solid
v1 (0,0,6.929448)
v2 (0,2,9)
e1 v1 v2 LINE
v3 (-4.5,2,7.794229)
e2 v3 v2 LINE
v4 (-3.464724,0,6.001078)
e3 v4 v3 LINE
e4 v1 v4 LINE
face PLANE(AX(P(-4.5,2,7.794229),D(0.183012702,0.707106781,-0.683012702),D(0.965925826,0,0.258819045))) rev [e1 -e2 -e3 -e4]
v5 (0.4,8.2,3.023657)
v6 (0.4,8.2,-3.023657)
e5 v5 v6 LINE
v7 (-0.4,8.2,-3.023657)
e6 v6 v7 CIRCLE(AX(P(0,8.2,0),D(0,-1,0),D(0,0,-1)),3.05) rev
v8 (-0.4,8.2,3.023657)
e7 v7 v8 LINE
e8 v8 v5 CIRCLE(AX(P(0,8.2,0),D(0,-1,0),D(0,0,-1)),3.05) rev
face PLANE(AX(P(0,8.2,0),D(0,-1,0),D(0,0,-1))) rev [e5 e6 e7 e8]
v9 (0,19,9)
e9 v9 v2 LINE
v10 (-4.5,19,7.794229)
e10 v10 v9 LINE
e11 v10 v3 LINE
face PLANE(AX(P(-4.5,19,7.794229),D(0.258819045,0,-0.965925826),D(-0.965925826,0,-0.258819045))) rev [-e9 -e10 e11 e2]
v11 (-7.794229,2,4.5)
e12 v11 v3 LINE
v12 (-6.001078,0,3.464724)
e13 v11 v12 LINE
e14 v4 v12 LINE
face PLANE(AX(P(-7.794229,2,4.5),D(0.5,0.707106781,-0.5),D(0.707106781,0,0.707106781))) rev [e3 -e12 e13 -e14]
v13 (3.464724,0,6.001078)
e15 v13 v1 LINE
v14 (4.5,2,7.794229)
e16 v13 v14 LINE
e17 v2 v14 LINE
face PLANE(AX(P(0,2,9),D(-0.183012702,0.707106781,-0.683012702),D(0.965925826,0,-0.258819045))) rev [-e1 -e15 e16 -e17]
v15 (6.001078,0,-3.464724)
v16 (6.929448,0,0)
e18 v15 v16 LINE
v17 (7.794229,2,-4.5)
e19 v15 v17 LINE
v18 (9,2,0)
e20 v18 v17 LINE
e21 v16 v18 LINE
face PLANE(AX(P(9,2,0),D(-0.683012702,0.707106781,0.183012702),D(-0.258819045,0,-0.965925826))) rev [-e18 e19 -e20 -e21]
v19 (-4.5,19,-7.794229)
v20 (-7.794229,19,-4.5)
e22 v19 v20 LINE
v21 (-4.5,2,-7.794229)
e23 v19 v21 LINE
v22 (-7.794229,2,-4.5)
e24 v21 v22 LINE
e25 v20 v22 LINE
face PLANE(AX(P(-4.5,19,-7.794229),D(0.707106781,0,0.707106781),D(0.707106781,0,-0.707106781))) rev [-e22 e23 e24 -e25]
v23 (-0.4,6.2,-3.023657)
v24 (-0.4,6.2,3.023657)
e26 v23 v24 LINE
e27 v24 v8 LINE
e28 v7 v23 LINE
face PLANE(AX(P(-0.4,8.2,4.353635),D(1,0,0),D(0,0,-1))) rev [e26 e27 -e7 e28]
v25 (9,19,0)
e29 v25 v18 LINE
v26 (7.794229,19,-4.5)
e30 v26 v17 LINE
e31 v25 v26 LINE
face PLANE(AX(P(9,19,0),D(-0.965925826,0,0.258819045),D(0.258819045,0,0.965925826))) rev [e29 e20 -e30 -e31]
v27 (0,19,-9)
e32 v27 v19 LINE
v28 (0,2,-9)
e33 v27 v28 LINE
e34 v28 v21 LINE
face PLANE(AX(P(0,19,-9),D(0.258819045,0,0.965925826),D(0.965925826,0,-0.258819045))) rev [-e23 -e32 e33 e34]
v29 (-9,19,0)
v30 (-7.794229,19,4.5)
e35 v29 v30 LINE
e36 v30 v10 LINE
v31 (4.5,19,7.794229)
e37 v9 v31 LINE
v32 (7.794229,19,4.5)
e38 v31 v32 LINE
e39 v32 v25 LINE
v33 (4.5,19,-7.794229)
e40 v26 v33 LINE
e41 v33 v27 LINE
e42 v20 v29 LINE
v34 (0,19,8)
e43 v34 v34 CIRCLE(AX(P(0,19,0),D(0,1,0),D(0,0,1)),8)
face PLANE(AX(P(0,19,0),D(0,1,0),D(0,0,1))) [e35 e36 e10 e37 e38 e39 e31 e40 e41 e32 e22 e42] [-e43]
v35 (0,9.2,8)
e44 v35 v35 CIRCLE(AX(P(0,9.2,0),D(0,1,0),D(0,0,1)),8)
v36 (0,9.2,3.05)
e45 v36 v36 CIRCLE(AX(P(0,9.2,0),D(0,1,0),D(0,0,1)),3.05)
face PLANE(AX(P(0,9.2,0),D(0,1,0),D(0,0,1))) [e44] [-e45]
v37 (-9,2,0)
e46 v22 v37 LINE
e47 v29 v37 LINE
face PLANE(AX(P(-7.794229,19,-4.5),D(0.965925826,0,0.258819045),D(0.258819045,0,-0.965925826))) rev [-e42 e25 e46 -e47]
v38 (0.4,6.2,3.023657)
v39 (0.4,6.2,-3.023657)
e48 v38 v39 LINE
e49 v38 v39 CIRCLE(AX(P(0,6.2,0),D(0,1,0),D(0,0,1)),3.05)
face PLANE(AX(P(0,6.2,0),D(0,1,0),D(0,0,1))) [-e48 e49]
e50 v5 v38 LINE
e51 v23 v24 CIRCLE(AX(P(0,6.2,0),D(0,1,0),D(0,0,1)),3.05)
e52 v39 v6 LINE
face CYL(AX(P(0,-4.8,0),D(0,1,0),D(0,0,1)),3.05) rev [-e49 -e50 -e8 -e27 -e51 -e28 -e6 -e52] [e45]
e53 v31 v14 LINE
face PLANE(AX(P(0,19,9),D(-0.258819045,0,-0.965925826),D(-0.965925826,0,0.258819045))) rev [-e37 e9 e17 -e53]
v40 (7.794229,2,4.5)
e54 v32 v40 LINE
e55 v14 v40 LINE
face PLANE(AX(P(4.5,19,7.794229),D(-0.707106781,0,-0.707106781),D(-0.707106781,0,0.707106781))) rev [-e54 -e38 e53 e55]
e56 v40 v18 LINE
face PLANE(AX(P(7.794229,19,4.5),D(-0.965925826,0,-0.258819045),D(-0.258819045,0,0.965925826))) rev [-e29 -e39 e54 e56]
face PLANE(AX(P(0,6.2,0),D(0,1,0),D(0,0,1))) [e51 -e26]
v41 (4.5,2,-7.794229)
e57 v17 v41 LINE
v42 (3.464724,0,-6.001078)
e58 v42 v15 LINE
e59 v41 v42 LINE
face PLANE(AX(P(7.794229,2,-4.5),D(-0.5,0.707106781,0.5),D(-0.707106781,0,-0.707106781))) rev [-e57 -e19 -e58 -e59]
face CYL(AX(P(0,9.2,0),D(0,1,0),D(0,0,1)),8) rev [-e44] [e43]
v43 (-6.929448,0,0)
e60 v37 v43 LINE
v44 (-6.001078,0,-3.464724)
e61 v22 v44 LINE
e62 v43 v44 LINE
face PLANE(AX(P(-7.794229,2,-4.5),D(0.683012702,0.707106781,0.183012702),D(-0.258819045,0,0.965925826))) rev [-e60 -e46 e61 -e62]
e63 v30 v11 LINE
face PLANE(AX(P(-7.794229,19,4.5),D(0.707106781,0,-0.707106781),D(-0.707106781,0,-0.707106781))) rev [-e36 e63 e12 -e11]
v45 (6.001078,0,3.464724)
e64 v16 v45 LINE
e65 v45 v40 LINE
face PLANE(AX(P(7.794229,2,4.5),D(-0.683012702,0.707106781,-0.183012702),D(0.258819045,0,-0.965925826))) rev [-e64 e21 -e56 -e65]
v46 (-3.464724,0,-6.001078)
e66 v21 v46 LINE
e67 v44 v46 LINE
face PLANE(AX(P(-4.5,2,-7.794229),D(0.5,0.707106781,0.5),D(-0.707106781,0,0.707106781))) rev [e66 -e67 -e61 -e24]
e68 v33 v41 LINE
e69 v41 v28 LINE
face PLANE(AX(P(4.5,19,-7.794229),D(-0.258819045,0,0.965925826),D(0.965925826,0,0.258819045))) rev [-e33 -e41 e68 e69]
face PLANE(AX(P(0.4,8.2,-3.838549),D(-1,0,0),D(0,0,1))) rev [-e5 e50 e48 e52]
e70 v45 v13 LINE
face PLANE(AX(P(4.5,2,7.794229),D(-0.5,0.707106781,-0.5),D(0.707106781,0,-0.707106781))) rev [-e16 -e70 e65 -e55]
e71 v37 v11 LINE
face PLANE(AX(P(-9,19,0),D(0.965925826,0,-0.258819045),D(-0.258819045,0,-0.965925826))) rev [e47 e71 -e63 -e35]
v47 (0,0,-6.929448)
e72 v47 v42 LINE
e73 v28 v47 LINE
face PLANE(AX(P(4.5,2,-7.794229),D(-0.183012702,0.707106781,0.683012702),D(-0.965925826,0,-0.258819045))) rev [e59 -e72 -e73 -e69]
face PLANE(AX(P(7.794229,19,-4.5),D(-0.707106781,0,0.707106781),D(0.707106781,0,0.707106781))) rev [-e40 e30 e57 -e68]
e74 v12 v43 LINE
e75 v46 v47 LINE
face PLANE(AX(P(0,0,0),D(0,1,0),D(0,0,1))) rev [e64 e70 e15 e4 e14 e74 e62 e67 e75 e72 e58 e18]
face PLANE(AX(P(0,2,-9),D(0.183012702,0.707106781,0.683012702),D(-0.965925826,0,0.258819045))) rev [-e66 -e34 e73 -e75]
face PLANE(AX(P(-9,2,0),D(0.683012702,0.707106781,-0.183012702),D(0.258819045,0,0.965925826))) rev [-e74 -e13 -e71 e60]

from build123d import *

# Parameters (mm, degrees)
BOSS_EXTRUDE1_DEPTH = 19
SKETCH2_R           = 8
CUT_EXTRUDE1_DEPTH  = 9.8
SKETCH3_R           = 3.05
CUT_EXTRUDE2_DEPTH  = 14
CHAMFER1_SIZE       = 2
SKETCH4_R           = 3.3
BOSS_EXTRUDE2_DEPTH = 3.2
BOSS_EXTRUDE3_DEPTH = 4
SKETCH7_R           = 3.05
BOSS_EXTRUDE4_DEPTH = 1
SKETCH8_R           = 3.05
BOSS_EXTRUDE5_DEPTH = 2


with BuildPart() as part:
    # Sketch1 → Boss-Extrude1 (new body)
    with BuildSketch(Plane(origin=(0, 0, 0), x_dir=(1, 0, 0), z_dir=(0, 1, 0))):
        Polygon((0, 9), (-4.5, 7.794228634), (-7.794228634, 4.5), (-9, 0), (-7.794228634, -4.5), (-4.5, -7.794228634), (0, -9), (4.5, -7.794228634), (7.794228634, -4.5), (9, 0), (7.794228634, 4.5), (4.5, 7.794228634), align=None)
    extrude(amount=BOSS_EXTRUDE1_DEPTH)

    # Sketch2 → Cut-Extrude1 (cut)
    with BuildSketch(Plane(origin=(0, 19, 0), x_dir=(1, 0, 0), z_dir=(0, 1, 0))):
        Circle(SKETCH2_R)
    extrude(amount=-CUT_EXTRUDE1_DEPTH, mode=Mode.SUBTRACT)

    # Sketch3 → Cut-Extrude2 (cut)
    with BuildSketch(Plane(origin=(0, 9.2, 0), x_dir=(1, 0, 0), z_dir=(0, 1, 0))):
        Circle(SKETCH3_R)
    extrude(amount=-CUT_EXTRUDE2_DEPTH, mode=Mode.SUBTRACT)

    # Chamfer1
    chamfer1_edges = [part.edges().sort_by_distance(p)[0] for p in [
        (6.147114317, 0, -6.147114317),
        (8.397114317, 0, -2.25),
        (8.397114317, 0, 2.25),
        (6.147114317, 0, 6.147114317),
        (2.25, 0, 8.397114317),
        (-2.25, 0, 8.397114317),
        (-6.147114317, 0, 6.147114317),
        (-8.397114317, 0, 2.25),
        (-8.397114317, 0, -2.25),
        (-6.147114317, 0, -6.147114317),
        (-2.25, 0, -8.397114317),
        (2.25, 0, -8.397114317),
    ]]
    chamfer(chamfer1_edges, length=CHAMFER1_SIZE)

    # Sketch4 → Boss-Extrude2 (add)
    with BuildSketch(Plane(origin=(0, 1, 0), x_dir=(1, 0, 0), z_dir=(0, 1, 0))):
        Circle(SKETCH4_R)
    extrude(amount=BOSS_EXTRUDE2_DEPTH)

    # Sketch6 → Boss-Extrude3 (add)
    with BuildSketch(Plane(origin=(0, 4.2, 0), x_dir=(1, 0, 0), z_dir=(0, 1, 0))):
        Polygon((-0.4, 0), (-0.4, 3.838549479), (0.4, 3.838549479), (0.4, -4.35363468), (-0.4, -4.35363468), align=None)
    extrude(amount=BOSS_EXTRUDE3_DEPTH)

    # Sketch7 → Boss-Extrude4 (add)
    with BuildSketch(Plane(origin=(0, 1, 0), x_dir=(-1, 0, 0), z_dir=(0, -1, 0))):
        Circle(SKETCH7_R)
    extrude(amount=BOSS_EXTRUDE4_DEPTH)

    # Sketch8 → Boss-Extrude5 (add)
    with BuildSketch(Plane(origin=(0, 4.2, 0), x_dir=(1, 0, 0), z_dir=(0, 1, 0))):
        Circle(SKETCH8_R)
    extrude(amount=BOSS_EXTRUDE5_DEPTH)


solid = part.part
